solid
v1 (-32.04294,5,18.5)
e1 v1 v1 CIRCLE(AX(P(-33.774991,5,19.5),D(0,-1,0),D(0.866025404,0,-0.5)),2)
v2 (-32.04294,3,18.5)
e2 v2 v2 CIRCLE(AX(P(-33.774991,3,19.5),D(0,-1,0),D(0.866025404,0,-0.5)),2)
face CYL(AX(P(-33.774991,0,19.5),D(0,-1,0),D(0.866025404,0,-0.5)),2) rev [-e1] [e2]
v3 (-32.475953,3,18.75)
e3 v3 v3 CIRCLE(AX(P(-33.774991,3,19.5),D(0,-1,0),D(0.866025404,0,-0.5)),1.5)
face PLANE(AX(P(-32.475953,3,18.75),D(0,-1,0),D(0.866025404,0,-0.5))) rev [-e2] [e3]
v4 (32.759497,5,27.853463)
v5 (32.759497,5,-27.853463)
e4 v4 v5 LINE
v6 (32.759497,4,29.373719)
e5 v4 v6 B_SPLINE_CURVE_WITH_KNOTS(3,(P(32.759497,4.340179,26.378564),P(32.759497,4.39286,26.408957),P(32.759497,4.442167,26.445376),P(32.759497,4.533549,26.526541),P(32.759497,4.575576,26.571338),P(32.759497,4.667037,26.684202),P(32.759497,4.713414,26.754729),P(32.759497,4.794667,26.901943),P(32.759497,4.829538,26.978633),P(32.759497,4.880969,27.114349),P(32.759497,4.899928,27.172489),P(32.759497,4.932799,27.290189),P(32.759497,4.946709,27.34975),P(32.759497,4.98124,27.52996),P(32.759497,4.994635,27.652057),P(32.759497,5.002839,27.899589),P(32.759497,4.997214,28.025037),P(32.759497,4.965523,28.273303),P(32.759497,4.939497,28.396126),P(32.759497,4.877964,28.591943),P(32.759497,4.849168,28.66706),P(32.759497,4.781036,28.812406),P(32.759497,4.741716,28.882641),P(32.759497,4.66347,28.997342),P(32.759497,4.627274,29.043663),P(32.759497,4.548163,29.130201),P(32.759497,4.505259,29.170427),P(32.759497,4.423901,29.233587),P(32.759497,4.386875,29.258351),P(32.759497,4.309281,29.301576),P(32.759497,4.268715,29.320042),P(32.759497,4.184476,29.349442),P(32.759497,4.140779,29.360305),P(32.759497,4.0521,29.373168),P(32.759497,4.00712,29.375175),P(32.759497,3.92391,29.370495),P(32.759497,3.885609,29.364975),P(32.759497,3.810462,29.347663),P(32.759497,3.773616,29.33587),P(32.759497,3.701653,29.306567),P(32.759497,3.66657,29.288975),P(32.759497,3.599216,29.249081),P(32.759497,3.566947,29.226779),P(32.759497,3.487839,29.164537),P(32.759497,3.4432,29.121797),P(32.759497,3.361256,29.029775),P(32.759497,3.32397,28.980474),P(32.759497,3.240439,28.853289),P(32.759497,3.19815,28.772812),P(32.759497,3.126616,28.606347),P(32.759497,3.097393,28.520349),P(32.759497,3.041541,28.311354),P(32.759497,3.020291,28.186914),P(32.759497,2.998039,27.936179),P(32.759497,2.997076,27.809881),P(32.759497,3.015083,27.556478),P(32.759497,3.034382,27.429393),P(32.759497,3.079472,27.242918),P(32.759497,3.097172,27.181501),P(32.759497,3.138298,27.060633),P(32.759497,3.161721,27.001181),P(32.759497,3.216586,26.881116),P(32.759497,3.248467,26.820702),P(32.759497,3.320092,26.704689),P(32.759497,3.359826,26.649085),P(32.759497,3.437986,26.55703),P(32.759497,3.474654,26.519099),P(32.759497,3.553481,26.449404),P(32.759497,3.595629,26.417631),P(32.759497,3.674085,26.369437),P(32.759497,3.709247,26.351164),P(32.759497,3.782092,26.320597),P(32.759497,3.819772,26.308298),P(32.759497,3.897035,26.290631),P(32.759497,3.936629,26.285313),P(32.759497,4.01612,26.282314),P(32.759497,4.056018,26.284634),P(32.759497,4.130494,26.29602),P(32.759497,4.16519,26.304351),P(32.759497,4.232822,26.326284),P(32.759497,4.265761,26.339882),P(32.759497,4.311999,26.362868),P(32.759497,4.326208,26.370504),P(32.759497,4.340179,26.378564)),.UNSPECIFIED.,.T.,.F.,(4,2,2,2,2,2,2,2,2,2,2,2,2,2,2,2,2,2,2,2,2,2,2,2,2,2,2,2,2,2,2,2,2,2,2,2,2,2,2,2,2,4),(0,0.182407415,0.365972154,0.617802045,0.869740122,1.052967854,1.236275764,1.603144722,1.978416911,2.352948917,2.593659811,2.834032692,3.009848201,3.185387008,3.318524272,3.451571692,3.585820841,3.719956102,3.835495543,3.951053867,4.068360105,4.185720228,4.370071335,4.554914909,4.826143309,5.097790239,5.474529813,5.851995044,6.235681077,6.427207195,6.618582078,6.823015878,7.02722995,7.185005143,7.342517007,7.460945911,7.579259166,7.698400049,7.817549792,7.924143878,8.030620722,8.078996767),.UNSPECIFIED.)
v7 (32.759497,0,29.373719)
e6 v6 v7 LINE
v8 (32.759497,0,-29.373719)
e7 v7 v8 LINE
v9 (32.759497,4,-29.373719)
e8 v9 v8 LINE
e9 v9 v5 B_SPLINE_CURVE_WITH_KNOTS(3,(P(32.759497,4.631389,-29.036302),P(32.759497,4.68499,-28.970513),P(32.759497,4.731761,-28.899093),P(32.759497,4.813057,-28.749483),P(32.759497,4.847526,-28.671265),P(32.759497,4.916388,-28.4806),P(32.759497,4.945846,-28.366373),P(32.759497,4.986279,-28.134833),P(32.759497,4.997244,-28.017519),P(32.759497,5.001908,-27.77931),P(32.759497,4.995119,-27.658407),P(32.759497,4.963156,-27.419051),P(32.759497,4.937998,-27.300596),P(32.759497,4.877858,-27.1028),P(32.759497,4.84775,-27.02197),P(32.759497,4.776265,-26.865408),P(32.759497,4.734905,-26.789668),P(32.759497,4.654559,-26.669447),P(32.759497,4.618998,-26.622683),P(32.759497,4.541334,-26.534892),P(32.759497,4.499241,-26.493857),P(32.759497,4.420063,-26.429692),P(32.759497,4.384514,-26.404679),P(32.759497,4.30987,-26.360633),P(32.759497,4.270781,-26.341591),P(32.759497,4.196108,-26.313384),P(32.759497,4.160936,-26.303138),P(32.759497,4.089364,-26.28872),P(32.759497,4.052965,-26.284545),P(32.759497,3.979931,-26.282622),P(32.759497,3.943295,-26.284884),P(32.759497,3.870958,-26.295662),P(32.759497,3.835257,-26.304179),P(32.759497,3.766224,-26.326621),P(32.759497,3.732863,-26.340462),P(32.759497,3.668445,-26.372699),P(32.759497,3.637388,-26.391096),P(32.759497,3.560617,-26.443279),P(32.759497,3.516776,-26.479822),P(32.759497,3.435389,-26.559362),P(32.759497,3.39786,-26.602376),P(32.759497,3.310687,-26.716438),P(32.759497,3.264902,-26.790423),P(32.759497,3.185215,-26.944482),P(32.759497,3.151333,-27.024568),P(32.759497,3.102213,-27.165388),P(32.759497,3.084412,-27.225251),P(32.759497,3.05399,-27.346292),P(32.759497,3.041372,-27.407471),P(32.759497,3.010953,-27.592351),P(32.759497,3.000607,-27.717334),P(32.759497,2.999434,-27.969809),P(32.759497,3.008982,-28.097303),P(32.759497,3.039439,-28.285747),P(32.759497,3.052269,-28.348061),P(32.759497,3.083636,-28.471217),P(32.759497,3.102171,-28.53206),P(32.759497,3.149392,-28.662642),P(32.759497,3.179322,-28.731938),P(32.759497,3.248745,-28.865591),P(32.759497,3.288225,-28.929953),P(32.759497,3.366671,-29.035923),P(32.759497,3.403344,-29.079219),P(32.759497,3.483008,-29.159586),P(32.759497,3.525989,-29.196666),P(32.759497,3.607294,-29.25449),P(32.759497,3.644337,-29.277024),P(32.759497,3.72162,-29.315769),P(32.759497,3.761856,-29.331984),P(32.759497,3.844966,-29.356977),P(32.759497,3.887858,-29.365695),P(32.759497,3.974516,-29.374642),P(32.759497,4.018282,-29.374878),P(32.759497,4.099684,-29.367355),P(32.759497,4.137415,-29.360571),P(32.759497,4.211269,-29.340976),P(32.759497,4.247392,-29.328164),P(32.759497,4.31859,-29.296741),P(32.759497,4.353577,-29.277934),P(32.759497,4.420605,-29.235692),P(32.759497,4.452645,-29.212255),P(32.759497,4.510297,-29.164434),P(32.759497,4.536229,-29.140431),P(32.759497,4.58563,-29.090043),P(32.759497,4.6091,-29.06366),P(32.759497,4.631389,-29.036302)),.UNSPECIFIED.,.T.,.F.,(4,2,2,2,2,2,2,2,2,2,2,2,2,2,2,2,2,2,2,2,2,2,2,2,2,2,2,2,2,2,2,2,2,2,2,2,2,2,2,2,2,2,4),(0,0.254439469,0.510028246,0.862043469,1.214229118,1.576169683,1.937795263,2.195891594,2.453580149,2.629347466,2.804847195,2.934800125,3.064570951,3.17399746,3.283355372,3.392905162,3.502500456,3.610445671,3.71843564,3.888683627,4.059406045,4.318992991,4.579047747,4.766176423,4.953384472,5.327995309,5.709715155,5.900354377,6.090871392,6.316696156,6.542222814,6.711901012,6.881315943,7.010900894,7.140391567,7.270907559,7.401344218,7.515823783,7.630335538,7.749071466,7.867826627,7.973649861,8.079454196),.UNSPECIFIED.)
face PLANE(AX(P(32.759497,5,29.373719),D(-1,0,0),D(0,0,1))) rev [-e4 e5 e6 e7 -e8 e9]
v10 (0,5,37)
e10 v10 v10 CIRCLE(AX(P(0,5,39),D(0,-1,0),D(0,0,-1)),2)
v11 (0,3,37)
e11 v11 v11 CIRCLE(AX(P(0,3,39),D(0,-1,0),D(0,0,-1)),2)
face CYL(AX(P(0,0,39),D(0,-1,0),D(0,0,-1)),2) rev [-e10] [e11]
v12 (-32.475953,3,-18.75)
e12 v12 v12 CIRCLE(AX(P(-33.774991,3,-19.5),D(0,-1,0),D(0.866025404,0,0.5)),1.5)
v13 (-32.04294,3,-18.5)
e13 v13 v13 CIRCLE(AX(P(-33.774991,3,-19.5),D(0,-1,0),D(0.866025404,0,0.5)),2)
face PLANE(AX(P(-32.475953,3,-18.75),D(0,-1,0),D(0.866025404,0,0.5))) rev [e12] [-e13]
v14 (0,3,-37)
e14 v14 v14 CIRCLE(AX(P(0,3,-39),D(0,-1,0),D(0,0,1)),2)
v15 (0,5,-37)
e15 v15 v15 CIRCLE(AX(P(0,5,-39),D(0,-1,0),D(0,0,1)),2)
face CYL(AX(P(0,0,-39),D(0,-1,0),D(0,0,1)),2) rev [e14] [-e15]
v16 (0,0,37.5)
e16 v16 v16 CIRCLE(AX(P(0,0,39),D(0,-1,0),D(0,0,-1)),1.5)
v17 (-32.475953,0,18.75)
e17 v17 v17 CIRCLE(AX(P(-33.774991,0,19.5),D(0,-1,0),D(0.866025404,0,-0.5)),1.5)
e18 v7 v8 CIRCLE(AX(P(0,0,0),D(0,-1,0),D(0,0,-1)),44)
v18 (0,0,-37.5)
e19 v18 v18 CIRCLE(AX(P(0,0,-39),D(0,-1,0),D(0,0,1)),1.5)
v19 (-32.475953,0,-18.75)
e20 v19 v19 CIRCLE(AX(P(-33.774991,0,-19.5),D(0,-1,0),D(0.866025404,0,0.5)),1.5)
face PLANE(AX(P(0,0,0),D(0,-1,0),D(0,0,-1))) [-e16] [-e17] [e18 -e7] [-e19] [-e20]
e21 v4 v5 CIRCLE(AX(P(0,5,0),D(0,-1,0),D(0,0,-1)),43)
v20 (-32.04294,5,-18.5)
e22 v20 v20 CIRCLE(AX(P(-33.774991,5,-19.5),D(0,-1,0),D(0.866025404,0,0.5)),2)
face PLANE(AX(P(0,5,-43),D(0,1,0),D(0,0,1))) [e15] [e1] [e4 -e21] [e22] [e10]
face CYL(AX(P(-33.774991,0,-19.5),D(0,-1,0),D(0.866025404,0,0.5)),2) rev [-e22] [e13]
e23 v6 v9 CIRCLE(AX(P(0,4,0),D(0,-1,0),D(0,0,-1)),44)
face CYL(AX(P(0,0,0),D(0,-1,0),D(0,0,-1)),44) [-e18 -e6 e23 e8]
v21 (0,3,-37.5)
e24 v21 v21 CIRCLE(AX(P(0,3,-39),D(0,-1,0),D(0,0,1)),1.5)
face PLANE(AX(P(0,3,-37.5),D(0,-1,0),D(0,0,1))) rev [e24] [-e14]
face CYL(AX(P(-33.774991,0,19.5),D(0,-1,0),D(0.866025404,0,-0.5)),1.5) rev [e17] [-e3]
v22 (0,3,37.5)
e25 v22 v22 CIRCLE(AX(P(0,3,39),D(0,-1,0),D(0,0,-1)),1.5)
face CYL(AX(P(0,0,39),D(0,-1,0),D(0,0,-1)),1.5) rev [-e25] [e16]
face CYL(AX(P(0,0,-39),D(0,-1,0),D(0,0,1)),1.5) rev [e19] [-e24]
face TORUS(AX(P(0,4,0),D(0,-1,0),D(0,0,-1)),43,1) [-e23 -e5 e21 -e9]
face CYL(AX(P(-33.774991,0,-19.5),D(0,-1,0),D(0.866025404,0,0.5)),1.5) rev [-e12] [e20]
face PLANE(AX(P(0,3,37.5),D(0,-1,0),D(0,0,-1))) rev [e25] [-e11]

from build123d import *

# Parameters (mm, degrees)
PATTERN_CIRCULAR_1_COUNT = 4
PATTERN_CIRCULAR_1_ANGLE = 180
CUT_EXTRUDE_1_DEPTH      = 63.425956281


with BuildPart() as part:
    # Эскиз1 → Повернуть1 (revolve)
    with BuildSketch(Plane(origin=(0, 0, 0), x_dir=(0, 0, -1), z_dir=(1, 0, 0))):
        with BuildLine():
            Line((0, 0), (44, 0))
            Line((44, 0), (44, 4))
            ThreePointArc((44, 4), (43.707106781, 4.707106781), (43, 5))
            Line((43, 5), (0, 5))
            Line((0, 5), (0, 0))
        make_face()
    revolve(axis=Axis((0, 0, 0), (0, 1, 0)))

    # Эскиз2 → Вырез-Повернуть1 (revolve, cut)
    with BuildSketch(Plane(origin=(0, 0, 0), x_dir=(0, 0, -1), z_dir=(1, 0, 0))):
        Polygon((-39, 0), (-37.5, 0), (-37.5, 3), (-37, 3), (-37, 5), (-39, 5), align=None)
    cut_revolve_1 = revolve(axis=Axis((0, 0, 39), (0, 1, 0)), mode=Mode.SUBTRACT)

    # Круговой массив1: Вырез-Повернуть1 ×4 about axis
    pattern_circular_1_axis = Axis((0, 0, 0), (0, -1, 0))
    for i in range(1, PATTERN_CIRCULAR_1_COUNT):
        add(cut_revolve_1.rotate(pattern_circular_1_axis, i * PATTERN_CIRCULAR_1_ANGLE / (PATTERN_CIRCULAR_1_COUNT - 1)), mode=Mode.SUBTRACT)

    # Эскиз3 → Вырез-Вытянуть1 (cut, through all)
    with BuildSketch(Plane.XZ):
        with BuildLine():
            Line((32.759496508, 29.373719352), (32.759496508, -29.373719352))
            ThreePointArc((32.759496508, -29.373719352), (44, 0), (32.759496508, 29.373719352))
        make_face()
    extrude(amount=-CUT_EXTRUDE_1_DEPTH, mode=Mode.SUBTRACT)


solid = part.part
